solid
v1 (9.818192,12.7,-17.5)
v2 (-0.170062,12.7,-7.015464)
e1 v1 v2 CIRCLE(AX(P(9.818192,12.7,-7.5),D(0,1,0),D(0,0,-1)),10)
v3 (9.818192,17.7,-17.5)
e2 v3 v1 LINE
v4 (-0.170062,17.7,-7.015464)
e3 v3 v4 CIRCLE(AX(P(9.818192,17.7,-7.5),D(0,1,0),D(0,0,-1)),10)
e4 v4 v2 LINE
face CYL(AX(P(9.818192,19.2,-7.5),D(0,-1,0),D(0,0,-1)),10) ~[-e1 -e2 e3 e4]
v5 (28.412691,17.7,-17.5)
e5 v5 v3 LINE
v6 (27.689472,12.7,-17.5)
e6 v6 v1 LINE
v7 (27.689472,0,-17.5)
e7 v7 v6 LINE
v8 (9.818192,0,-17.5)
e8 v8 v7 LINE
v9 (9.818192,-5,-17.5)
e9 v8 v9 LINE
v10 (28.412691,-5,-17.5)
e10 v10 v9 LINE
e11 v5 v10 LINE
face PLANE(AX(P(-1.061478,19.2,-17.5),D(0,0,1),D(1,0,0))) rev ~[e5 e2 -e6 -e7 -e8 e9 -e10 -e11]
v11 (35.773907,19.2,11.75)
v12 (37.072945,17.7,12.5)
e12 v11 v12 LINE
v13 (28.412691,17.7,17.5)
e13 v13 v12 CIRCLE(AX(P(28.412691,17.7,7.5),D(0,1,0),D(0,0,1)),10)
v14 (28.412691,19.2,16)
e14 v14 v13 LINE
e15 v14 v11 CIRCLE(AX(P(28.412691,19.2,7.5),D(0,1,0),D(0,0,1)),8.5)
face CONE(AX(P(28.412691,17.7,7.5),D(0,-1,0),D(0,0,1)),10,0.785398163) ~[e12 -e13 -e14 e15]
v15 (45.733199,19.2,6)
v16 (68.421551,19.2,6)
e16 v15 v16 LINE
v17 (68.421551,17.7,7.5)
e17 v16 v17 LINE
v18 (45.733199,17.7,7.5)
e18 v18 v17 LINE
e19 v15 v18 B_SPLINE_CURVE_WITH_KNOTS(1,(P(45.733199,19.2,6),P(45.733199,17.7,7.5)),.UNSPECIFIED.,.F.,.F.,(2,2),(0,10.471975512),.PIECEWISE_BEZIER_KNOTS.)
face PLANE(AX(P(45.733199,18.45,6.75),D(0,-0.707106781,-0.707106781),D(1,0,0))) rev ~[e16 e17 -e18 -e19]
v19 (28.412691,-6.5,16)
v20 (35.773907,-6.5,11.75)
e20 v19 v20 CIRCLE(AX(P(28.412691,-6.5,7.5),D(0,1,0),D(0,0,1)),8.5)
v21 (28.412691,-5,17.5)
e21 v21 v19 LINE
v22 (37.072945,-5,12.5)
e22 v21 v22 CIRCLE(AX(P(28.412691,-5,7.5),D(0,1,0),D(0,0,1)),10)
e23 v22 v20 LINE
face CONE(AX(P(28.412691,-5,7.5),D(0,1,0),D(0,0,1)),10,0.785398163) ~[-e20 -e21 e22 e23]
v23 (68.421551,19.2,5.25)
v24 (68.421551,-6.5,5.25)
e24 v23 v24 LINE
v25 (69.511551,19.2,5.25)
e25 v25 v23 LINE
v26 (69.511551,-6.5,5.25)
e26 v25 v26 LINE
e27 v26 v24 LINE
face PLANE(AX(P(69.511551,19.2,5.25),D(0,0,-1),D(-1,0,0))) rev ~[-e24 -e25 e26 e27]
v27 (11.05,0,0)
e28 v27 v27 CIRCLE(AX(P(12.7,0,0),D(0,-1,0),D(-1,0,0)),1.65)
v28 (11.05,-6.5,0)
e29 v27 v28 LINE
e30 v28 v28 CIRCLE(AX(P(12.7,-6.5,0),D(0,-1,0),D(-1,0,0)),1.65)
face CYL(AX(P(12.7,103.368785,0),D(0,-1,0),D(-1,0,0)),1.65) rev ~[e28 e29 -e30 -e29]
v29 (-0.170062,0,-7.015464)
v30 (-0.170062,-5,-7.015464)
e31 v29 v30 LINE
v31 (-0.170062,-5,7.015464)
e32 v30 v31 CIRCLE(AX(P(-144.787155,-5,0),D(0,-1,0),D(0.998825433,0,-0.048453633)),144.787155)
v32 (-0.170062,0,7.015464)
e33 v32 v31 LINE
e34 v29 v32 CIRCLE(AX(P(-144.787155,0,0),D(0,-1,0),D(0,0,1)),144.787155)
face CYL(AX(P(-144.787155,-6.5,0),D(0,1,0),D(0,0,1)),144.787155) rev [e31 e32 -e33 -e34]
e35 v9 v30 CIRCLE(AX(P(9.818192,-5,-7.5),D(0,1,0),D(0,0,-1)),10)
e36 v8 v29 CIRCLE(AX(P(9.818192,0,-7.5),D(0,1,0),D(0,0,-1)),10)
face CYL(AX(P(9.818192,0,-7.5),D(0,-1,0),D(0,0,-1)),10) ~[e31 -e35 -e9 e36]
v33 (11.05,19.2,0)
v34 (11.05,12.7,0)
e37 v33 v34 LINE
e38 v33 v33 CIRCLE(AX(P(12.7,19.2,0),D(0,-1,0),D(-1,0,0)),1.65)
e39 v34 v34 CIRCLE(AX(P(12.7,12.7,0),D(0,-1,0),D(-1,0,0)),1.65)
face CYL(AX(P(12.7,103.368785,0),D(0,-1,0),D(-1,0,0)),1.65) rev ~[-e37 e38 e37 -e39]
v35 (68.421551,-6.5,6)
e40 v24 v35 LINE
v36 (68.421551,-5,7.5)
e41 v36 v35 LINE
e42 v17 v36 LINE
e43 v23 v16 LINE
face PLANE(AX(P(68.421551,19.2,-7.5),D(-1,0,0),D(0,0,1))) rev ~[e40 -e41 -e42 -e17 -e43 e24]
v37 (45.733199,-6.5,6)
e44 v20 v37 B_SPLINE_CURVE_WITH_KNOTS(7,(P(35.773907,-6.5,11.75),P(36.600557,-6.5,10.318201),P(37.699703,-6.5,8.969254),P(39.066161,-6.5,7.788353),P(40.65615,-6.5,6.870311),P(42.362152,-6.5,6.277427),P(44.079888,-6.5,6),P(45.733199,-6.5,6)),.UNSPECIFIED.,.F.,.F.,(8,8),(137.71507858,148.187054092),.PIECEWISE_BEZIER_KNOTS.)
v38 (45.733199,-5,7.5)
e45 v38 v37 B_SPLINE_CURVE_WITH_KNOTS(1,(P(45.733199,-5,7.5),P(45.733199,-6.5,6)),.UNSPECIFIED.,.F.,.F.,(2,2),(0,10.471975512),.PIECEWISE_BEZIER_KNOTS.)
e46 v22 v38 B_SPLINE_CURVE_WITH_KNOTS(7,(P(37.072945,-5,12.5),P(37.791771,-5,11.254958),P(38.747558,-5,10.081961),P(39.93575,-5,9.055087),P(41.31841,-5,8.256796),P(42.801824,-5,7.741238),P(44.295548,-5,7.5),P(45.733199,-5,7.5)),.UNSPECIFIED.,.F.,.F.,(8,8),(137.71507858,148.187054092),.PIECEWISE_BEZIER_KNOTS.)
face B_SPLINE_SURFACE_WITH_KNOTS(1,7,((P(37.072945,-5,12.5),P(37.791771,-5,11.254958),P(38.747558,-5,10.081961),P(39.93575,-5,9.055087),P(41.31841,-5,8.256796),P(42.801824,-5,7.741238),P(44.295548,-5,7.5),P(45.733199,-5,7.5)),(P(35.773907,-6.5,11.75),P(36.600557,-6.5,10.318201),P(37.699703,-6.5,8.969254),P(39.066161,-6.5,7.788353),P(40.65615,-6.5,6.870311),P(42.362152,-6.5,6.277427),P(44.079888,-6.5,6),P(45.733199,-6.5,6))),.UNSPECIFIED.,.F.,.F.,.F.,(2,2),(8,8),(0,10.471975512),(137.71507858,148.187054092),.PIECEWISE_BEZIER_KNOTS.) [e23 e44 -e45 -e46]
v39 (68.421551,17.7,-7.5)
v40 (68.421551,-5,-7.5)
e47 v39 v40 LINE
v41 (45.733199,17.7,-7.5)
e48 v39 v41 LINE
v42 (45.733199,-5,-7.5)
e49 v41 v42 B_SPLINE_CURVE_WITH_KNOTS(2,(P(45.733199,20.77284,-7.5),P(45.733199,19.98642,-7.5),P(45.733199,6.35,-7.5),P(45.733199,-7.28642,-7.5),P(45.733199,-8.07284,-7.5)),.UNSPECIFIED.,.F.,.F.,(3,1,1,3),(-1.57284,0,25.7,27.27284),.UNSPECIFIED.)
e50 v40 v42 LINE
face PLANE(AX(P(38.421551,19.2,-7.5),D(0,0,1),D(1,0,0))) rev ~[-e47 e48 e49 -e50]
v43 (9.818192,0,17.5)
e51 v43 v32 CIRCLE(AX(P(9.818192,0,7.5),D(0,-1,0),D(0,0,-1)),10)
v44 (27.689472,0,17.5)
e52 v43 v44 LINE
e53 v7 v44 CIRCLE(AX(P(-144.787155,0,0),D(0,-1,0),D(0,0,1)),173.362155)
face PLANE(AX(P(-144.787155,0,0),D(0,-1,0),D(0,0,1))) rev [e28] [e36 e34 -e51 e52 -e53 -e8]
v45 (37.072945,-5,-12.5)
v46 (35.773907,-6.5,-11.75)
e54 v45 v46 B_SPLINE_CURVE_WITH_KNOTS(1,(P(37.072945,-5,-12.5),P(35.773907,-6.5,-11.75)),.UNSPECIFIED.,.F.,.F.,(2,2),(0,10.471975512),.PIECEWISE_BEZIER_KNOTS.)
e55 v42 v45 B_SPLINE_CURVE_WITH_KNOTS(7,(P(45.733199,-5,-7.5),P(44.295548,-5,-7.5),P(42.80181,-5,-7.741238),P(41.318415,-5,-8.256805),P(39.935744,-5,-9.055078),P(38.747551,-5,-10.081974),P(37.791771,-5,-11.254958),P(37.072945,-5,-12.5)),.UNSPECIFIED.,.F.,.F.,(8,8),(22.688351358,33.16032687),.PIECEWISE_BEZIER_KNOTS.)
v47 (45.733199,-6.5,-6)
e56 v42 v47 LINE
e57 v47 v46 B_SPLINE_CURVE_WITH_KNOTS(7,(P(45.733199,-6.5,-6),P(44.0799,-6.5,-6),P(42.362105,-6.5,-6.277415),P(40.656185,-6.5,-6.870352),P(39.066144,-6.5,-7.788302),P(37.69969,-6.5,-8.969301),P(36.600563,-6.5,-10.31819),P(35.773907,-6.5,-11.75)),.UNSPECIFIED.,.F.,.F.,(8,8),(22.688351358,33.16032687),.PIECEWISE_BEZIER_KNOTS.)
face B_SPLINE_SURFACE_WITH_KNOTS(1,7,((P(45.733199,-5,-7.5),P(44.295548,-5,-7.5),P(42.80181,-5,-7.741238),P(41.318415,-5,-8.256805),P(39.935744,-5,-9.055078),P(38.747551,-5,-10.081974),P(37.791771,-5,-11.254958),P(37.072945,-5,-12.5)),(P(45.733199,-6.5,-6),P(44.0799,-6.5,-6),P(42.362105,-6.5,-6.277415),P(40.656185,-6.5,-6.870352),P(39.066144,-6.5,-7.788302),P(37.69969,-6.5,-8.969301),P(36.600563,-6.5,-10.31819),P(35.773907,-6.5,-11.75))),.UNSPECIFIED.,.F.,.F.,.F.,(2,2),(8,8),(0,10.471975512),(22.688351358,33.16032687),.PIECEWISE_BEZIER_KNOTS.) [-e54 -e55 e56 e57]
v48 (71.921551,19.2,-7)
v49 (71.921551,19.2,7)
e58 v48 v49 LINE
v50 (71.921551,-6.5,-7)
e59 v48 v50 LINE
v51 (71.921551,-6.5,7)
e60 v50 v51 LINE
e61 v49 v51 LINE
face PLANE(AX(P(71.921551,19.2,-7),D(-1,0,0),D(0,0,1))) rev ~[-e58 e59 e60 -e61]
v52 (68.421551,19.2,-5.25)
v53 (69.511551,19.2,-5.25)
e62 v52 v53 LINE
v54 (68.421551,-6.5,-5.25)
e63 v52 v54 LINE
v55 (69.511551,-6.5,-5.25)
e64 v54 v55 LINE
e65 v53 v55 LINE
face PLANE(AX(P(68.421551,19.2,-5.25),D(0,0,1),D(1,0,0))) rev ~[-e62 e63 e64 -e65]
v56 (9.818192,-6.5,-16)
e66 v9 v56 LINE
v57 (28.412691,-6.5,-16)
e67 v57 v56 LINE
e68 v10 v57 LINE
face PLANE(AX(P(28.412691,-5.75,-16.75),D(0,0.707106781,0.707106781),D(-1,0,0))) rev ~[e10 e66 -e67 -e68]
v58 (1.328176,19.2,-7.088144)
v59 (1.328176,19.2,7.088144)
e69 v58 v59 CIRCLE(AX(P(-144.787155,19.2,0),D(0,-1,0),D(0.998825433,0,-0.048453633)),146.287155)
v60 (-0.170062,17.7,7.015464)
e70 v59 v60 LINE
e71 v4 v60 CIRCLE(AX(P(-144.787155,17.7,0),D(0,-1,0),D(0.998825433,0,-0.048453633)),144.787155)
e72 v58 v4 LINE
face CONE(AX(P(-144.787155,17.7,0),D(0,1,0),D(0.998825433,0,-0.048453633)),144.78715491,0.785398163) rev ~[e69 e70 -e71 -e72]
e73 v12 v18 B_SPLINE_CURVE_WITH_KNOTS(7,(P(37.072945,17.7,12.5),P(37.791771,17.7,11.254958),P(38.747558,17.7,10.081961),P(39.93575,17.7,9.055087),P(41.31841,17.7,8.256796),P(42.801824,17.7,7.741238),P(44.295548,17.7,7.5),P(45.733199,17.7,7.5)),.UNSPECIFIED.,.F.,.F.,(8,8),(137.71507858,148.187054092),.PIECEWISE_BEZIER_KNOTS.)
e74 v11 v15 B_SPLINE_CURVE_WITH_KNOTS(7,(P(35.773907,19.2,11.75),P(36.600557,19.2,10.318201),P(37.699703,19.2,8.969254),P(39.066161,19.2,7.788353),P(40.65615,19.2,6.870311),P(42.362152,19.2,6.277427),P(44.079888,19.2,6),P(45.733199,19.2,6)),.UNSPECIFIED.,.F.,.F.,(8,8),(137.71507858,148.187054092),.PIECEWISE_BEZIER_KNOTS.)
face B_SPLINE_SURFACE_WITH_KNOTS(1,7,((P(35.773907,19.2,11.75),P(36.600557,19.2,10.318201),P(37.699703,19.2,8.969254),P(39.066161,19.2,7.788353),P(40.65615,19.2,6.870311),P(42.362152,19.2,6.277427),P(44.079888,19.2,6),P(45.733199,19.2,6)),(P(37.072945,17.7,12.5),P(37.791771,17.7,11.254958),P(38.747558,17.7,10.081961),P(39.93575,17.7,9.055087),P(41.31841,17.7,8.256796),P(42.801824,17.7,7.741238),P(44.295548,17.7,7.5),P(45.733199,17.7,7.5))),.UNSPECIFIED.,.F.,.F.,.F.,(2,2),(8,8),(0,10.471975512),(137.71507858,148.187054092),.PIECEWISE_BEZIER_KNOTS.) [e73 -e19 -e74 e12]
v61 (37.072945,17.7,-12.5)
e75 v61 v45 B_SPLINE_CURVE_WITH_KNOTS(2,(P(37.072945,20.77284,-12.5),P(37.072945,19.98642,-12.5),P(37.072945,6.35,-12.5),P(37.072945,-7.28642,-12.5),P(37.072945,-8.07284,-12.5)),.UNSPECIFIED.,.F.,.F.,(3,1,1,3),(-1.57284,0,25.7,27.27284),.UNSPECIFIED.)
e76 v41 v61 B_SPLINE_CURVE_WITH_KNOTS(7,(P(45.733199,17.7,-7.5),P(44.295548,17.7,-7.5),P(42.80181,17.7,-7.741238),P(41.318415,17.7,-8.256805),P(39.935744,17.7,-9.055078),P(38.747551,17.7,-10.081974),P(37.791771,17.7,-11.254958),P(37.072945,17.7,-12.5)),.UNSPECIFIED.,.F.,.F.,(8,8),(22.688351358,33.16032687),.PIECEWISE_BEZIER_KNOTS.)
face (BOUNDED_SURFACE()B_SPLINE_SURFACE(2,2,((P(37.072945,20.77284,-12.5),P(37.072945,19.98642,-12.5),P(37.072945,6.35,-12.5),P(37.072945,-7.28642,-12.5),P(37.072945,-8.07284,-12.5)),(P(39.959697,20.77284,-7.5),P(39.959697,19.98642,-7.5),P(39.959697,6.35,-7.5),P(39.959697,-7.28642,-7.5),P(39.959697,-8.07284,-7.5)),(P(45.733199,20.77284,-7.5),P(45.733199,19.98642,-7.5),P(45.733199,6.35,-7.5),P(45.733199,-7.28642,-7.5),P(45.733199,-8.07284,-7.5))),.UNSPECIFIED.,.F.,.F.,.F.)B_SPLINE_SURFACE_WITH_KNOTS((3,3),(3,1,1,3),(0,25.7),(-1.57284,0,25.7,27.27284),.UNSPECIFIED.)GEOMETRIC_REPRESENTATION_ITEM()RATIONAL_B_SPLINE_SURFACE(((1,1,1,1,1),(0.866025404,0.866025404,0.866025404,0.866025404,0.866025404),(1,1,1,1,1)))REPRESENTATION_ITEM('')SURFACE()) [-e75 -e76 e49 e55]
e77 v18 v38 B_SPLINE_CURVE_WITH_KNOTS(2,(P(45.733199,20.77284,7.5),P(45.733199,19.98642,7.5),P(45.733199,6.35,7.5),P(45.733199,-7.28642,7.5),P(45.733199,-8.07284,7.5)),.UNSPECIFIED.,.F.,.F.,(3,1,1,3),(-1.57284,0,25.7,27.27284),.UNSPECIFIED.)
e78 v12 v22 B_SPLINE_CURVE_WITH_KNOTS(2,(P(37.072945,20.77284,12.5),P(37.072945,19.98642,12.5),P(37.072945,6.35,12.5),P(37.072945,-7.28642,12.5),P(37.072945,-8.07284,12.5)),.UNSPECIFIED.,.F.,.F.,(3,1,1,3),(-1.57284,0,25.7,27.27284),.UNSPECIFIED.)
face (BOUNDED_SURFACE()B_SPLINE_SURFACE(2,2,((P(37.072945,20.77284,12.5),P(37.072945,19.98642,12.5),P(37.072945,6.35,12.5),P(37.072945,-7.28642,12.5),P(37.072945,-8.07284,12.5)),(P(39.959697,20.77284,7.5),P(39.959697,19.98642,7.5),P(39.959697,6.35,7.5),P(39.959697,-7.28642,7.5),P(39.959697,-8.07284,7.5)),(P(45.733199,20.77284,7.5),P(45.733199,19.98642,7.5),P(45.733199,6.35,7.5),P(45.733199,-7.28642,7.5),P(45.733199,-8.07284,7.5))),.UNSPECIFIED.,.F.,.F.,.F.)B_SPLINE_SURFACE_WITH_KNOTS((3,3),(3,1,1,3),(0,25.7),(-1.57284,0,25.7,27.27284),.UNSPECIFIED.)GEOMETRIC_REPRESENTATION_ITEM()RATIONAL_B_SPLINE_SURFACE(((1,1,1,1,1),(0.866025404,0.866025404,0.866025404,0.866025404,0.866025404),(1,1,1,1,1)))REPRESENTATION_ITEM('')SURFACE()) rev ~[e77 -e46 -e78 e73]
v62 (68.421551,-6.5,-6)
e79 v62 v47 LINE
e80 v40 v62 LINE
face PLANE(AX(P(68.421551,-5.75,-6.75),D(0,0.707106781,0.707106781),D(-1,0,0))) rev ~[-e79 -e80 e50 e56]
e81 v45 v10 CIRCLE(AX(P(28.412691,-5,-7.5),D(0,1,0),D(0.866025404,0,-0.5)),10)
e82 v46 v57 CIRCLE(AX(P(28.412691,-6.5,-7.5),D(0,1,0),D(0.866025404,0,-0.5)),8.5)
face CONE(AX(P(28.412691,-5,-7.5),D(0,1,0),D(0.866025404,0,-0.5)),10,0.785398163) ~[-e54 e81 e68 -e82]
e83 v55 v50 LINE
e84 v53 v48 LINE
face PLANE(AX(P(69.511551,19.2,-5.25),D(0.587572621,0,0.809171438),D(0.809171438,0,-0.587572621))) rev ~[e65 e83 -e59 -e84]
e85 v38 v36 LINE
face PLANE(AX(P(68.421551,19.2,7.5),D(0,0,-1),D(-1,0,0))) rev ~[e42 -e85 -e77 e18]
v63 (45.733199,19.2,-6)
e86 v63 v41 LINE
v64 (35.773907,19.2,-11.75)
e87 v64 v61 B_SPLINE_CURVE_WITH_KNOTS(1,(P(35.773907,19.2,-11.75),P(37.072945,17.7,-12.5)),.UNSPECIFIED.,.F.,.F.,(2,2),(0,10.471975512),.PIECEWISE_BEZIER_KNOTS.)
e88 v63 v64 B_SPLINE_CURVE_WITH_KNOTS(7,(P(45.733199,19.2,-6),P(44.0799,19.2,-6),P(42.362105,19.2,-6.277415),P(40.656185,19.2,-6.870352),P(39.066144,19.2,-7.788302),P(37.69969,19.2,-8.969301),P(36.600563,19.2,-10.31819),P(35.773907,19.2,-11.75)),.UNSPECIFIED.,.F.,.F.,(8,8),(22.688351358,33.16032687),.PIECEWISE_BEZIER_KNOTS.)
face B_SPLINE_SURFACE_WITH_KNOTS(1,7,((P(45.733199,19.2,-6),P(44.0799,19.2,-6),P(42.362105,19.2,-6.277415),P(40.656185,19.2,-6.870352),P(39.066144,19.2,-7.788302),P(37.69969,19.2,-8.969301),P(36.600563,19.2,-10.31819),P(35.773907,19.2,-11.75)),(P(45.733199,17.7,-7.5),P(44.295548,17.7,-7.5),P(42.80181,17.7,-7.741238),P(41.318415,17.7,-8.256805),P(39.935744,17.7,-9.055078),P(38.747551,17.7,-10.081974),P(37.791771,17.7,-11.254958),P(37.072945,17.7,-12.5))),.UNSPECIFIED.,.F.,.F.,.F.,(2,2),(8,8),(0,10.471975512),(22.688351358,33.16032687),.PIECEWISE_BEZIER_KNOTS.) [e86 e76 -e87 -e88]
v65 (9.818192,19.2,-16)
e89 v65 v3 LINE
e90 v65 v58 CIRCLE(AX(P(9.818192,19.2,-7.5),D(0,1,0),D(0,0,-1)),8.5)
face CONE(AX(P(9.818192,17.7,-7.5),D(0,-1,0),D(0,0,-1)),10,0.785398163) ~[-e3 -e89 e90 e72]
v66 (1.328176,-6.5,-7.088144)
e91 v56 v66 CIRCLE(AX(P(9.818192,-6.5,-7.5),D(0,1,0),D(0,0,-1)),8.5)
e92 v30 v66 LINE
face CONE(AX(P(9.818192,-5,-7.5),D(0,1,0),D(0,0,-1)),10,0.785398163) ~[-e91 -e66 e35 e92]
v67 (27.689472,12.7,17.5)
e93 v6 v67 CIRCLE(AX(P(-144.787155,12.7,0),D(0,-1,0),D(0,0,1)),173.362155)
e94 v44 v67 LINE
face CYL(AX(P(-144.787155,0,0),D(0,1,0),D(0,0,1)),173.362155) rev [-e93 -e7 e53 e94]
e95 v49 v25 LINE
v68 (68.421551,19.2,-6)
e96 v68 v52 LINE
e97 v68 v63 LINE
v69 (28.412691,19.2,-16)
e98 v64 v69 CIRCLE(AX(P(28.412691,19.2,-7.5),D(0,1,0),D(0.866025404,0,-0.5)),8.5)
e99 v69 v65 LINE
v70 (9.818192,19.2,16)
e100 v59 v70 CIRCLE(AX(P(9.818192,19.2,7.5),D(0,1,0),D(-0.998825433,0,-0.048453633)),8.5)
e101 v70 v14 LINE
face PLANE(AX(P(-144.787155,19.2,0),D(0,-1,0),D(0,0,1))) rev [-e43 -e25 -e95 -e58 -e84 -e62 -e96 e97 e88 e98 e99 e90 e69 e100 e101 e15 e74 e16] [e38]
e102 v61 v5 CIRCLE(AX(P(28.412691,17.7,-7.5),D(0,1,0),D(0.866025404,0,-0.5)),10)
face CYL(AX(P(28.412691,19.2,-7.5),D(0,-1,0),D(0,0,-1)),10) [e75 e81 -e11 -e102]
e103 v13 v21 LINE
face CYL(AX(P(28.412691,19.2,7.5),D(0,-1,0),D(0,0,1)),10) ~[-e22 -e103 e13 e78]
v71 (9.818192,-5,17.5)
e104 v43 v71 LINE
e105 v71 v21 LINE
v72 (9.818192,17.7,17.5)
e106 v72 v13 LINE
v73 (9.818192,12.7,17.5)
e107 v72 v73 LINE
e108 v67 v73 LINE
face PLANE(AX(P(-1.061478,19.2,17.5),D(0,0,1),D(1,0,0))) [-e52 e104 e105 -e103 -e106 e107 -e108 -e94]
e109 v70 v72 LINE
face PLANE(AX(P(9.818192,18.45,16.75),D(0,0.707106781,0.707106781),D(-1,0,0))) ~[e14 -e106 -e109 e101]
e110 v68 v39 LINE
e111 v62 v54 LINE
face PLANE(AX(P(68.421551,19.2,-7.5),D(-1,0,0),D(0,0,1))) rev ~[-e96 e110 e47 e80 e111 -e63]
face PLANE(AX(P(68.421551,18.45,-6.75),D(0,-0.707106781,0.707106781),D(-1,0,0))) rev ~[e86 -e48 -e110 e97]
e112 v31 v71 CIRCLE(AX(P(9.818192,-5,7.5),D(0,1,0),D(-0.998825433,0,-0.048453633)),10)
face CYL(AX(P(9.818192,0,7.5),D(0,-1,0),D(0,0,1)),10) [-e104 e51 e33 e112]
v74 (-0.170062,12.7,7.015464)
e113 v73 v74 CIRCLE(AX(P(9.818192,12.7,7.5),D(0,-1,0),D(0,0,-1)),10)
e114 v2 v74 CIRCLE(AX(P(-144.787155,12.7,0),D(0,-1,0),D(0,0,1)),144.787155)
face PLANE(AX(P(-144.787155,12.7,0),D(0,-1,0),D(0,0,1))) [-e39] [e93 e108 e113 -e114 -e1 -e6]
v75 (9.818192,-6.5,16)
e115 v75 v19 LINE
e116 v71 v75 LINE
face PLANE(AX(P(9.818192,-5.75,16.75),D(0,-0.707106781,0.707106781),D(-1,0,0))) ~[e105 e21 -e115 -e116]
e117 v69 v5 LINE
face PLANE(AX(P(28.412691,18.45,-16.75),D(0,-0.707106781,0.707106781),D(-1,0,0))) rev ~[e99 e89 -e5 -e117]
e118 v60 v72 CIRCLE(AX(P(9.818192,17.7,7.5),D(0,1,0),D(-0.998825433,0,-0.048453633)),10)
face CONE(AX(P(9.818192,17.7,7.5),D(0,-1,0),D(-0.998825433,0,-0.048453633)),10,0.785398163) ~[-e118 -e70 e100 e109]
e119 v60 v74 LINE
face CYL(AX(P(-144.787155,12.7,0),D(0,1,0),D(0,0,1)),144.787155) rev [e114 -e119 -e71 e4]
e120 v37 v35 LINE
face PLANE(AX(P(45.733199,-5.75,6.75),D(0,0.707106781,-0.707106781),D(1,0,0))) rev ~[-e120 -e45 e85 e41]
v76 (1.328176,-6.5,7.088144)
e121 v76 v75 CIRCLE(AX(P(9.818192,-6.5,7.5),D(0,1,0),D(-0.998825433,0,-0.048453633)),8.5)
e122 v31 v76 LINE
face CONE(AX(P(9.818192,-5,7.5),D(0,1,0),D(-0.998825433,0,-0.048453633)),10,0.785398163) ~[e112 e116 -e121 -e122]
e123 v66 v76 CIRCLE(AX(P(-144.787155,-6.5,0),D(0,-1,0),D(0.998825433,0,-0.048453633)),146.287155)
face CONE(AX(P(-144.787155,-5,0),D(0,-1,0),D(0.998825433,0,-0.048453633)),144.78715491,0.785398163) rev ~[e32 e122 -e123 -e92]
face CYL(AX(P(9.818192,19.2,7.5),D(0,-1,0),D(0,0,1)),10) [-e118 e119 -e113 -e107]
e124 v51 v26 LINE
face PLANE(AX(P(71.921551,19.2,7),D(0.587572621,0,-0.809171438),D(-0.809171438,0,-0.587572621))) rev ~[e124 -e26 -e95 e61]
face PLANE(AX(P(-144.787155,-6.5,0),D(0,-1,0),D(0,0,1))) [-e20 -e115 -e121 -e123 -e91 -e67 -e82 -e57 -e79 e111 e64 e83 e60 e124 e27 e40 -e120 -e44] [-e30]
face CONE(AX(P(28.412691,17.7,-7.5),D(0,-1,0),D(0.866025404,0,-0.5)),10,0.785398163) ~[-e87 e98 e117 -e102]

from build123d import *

# Parameters (mm, degrees)
SKETCH2_OUTSIDE_W     = 472.576
SKETCH2_OUTSIDE_H     = 472.576
SKETCH2_OUTSIDE_W_2   = 39.636477918
SKETCH2_OUTSIDE_H_2   = 35
CUT_EXTRUDE1_DEPTH    = 377.781288533
BOSS_EXTRUDE1_DEPTH   = 25.7
BOSS_EXTRUDE2_DEPTH   = 25.7
FILLET1_R             = 10
M4X0_7_TAPPED_HOLE1_D = 3.3
FILLET2_R             = 10
CHAMFER1_SIZE         = 1.5


with BuildPart() as part:
    # Sketch1 → Revolve1 (revolve)
    with BuildSketch(Plane.XY, mode=Mode.PRIVATE) as revolve1_sk:
        Polygon((0, 0), (28.575, 0), (28.575, 12.7), (0, 12.7), (0, 19.2), (38.575, 19.2), (38.575, -6.5), (0, -6.5), align=None)
    revolve(revolve1_sk.sketch.rotate(Axis((-144.78715491, 19.2, 0), (0, -1, 0)), 90), axis=Axis((-144.78715491, 19.2, 0), (0, -1, 0)))

    # Sketch2 outside → Cut-Extrude1 (cut, through all)
    with BuildSketch(Plane(origin=(0, 19.2, 0), x_dir=(1, 0, 0), z_dir=(0, 1, 0))):
        with Locations((-144.787, 0)):
            Rectangle(SKETCH2_OUTSIDE_W, SKETCH2_OUTSIDE_H)
        with Locations((18.756761041, 0)):
            Rectangle(SKETCH2_OUTSIDE_W_2, SKETCH2_OUTSIDE_H_2, mode=Mode.SUBTRACT)
    extrude(amount=-CUT_EXTRUDE1_DEPTH, mode=Mode.SUBTRACT)

    # Sketch3 → Boss-Extrude1 (add, through all)
    with BuildSketch(Plane(origin=(0, 19.2, 0), x_dir=(1, 0, 0), z_dir=(0, 1, 0))):
        with BuildLine():
            Line((38.421550814, 7.5), (68.421550814, 7.5))
            Line((68.421550814, 7.5), (68.421550814, -7.5))
            Line((68.421550814, -7.5), (38.421550814, -7.5))
            ThreePointArc((38.421550814, -7.5), (38.575, 0), (38.421550814, 7.5))
        make_face()
    extrude(amount=-BOSS_EXTRUDE1_DEPTH)

    # Sketch4 → Boss-Extrude2 (add, through all)
    with BuildSketch(Plane(origin=(0, 19.2, 0), x_dir=(1, 0, 0), z_dir=(0, 1, 0))):
        Polygon((71.921550814, 7), (71.921550814, -7), (69.511550814, -5.25), (68.421550814, -5.25), (68.421550814, 5.25), (69.511550814, 5.25), align=None)
    extrude(amount=-BOSS_EXTRUDE2_DEPTH)

    # Fillet1
    fillet1_edges = [part.edges().sort_by_distance(p)[0] for p in [
        (-1.061477918, 15.95, 17.5),
        (-1.061477918, -3.25, 17.5),
        (-1.061477918, -3.25, -17.5),
        (-1.061477918, 15.95, -17.5),
        (37.73799364, 6.35, -17.5),
        (37.73799364, 6.35, 17.5),
    ]]
    fillet(fillet1_edges, radius=FILLET1_R)

    # M4x0.7 Tapped Hole1 (through all)
    with Locations(Plane(origin=(0, 19.2, 0), x_dir=(1, 0, 0), z_dir=(0, 1, 0))):
        with Locations((12.7, 0)):
            Hole(M4X0_7_TAPPED_HOLE1_D / 2)

    # Fillet2
    fillet2_edges = [part.edges().sort_by_distance(p)[0] for p in [
        (38.421550814, 6.35, 7.5),
        (38.421550814, 6.35, -7.5),
    ]]
    fillet(fillet2_edges, radius=FILLET2_R)

    # Chamfer1
    chamfer1_edges = [part.edges().sort_by_distance(p)[0] for p in [
        (19.115441742, 19.2, 17.5),
        (2.577841169, 19.2, 14.397631358),
        (2.577841169, 19.2, -14.397631358),
        (33.41269138, 19.2, 16.160254038),
        (33.41269138, -6.5, 16.160254038),
        (57.077375135, 19.2, 7.5),
        (57.077375135, -6.5, 7.5),
        (33.41269138, 19.2, -16.160254038),
        (40.733199456, 19.2, 8.839745962),
        (40.733199456, -6.5, 8.839745962),
        (40.733199456, 19.2, -8.839745962),
        (40.733199456, -6.5, -8.839745962),
        (57.077375135, -6.5, -7.5),
        (57.077375135, 19.2, -7.5),
        (19.115441742, 19.2, -17.5),
        (19.115441742, -6.5, -17.5),
        (19.115441742, -6.5, 17.5),
        (0, -6.5, 0),
        (2.577841169, -6.5, 14.397631358),
        (2.577841169, -6.5, -14.397631358),
        (33.41269138, -6.5, -16.160254038),
        (0, 19.2, 0),
    ]]
    chamfer(chamfer1_edges, length=CHAMFER1_SIZE)


solid = part.part
